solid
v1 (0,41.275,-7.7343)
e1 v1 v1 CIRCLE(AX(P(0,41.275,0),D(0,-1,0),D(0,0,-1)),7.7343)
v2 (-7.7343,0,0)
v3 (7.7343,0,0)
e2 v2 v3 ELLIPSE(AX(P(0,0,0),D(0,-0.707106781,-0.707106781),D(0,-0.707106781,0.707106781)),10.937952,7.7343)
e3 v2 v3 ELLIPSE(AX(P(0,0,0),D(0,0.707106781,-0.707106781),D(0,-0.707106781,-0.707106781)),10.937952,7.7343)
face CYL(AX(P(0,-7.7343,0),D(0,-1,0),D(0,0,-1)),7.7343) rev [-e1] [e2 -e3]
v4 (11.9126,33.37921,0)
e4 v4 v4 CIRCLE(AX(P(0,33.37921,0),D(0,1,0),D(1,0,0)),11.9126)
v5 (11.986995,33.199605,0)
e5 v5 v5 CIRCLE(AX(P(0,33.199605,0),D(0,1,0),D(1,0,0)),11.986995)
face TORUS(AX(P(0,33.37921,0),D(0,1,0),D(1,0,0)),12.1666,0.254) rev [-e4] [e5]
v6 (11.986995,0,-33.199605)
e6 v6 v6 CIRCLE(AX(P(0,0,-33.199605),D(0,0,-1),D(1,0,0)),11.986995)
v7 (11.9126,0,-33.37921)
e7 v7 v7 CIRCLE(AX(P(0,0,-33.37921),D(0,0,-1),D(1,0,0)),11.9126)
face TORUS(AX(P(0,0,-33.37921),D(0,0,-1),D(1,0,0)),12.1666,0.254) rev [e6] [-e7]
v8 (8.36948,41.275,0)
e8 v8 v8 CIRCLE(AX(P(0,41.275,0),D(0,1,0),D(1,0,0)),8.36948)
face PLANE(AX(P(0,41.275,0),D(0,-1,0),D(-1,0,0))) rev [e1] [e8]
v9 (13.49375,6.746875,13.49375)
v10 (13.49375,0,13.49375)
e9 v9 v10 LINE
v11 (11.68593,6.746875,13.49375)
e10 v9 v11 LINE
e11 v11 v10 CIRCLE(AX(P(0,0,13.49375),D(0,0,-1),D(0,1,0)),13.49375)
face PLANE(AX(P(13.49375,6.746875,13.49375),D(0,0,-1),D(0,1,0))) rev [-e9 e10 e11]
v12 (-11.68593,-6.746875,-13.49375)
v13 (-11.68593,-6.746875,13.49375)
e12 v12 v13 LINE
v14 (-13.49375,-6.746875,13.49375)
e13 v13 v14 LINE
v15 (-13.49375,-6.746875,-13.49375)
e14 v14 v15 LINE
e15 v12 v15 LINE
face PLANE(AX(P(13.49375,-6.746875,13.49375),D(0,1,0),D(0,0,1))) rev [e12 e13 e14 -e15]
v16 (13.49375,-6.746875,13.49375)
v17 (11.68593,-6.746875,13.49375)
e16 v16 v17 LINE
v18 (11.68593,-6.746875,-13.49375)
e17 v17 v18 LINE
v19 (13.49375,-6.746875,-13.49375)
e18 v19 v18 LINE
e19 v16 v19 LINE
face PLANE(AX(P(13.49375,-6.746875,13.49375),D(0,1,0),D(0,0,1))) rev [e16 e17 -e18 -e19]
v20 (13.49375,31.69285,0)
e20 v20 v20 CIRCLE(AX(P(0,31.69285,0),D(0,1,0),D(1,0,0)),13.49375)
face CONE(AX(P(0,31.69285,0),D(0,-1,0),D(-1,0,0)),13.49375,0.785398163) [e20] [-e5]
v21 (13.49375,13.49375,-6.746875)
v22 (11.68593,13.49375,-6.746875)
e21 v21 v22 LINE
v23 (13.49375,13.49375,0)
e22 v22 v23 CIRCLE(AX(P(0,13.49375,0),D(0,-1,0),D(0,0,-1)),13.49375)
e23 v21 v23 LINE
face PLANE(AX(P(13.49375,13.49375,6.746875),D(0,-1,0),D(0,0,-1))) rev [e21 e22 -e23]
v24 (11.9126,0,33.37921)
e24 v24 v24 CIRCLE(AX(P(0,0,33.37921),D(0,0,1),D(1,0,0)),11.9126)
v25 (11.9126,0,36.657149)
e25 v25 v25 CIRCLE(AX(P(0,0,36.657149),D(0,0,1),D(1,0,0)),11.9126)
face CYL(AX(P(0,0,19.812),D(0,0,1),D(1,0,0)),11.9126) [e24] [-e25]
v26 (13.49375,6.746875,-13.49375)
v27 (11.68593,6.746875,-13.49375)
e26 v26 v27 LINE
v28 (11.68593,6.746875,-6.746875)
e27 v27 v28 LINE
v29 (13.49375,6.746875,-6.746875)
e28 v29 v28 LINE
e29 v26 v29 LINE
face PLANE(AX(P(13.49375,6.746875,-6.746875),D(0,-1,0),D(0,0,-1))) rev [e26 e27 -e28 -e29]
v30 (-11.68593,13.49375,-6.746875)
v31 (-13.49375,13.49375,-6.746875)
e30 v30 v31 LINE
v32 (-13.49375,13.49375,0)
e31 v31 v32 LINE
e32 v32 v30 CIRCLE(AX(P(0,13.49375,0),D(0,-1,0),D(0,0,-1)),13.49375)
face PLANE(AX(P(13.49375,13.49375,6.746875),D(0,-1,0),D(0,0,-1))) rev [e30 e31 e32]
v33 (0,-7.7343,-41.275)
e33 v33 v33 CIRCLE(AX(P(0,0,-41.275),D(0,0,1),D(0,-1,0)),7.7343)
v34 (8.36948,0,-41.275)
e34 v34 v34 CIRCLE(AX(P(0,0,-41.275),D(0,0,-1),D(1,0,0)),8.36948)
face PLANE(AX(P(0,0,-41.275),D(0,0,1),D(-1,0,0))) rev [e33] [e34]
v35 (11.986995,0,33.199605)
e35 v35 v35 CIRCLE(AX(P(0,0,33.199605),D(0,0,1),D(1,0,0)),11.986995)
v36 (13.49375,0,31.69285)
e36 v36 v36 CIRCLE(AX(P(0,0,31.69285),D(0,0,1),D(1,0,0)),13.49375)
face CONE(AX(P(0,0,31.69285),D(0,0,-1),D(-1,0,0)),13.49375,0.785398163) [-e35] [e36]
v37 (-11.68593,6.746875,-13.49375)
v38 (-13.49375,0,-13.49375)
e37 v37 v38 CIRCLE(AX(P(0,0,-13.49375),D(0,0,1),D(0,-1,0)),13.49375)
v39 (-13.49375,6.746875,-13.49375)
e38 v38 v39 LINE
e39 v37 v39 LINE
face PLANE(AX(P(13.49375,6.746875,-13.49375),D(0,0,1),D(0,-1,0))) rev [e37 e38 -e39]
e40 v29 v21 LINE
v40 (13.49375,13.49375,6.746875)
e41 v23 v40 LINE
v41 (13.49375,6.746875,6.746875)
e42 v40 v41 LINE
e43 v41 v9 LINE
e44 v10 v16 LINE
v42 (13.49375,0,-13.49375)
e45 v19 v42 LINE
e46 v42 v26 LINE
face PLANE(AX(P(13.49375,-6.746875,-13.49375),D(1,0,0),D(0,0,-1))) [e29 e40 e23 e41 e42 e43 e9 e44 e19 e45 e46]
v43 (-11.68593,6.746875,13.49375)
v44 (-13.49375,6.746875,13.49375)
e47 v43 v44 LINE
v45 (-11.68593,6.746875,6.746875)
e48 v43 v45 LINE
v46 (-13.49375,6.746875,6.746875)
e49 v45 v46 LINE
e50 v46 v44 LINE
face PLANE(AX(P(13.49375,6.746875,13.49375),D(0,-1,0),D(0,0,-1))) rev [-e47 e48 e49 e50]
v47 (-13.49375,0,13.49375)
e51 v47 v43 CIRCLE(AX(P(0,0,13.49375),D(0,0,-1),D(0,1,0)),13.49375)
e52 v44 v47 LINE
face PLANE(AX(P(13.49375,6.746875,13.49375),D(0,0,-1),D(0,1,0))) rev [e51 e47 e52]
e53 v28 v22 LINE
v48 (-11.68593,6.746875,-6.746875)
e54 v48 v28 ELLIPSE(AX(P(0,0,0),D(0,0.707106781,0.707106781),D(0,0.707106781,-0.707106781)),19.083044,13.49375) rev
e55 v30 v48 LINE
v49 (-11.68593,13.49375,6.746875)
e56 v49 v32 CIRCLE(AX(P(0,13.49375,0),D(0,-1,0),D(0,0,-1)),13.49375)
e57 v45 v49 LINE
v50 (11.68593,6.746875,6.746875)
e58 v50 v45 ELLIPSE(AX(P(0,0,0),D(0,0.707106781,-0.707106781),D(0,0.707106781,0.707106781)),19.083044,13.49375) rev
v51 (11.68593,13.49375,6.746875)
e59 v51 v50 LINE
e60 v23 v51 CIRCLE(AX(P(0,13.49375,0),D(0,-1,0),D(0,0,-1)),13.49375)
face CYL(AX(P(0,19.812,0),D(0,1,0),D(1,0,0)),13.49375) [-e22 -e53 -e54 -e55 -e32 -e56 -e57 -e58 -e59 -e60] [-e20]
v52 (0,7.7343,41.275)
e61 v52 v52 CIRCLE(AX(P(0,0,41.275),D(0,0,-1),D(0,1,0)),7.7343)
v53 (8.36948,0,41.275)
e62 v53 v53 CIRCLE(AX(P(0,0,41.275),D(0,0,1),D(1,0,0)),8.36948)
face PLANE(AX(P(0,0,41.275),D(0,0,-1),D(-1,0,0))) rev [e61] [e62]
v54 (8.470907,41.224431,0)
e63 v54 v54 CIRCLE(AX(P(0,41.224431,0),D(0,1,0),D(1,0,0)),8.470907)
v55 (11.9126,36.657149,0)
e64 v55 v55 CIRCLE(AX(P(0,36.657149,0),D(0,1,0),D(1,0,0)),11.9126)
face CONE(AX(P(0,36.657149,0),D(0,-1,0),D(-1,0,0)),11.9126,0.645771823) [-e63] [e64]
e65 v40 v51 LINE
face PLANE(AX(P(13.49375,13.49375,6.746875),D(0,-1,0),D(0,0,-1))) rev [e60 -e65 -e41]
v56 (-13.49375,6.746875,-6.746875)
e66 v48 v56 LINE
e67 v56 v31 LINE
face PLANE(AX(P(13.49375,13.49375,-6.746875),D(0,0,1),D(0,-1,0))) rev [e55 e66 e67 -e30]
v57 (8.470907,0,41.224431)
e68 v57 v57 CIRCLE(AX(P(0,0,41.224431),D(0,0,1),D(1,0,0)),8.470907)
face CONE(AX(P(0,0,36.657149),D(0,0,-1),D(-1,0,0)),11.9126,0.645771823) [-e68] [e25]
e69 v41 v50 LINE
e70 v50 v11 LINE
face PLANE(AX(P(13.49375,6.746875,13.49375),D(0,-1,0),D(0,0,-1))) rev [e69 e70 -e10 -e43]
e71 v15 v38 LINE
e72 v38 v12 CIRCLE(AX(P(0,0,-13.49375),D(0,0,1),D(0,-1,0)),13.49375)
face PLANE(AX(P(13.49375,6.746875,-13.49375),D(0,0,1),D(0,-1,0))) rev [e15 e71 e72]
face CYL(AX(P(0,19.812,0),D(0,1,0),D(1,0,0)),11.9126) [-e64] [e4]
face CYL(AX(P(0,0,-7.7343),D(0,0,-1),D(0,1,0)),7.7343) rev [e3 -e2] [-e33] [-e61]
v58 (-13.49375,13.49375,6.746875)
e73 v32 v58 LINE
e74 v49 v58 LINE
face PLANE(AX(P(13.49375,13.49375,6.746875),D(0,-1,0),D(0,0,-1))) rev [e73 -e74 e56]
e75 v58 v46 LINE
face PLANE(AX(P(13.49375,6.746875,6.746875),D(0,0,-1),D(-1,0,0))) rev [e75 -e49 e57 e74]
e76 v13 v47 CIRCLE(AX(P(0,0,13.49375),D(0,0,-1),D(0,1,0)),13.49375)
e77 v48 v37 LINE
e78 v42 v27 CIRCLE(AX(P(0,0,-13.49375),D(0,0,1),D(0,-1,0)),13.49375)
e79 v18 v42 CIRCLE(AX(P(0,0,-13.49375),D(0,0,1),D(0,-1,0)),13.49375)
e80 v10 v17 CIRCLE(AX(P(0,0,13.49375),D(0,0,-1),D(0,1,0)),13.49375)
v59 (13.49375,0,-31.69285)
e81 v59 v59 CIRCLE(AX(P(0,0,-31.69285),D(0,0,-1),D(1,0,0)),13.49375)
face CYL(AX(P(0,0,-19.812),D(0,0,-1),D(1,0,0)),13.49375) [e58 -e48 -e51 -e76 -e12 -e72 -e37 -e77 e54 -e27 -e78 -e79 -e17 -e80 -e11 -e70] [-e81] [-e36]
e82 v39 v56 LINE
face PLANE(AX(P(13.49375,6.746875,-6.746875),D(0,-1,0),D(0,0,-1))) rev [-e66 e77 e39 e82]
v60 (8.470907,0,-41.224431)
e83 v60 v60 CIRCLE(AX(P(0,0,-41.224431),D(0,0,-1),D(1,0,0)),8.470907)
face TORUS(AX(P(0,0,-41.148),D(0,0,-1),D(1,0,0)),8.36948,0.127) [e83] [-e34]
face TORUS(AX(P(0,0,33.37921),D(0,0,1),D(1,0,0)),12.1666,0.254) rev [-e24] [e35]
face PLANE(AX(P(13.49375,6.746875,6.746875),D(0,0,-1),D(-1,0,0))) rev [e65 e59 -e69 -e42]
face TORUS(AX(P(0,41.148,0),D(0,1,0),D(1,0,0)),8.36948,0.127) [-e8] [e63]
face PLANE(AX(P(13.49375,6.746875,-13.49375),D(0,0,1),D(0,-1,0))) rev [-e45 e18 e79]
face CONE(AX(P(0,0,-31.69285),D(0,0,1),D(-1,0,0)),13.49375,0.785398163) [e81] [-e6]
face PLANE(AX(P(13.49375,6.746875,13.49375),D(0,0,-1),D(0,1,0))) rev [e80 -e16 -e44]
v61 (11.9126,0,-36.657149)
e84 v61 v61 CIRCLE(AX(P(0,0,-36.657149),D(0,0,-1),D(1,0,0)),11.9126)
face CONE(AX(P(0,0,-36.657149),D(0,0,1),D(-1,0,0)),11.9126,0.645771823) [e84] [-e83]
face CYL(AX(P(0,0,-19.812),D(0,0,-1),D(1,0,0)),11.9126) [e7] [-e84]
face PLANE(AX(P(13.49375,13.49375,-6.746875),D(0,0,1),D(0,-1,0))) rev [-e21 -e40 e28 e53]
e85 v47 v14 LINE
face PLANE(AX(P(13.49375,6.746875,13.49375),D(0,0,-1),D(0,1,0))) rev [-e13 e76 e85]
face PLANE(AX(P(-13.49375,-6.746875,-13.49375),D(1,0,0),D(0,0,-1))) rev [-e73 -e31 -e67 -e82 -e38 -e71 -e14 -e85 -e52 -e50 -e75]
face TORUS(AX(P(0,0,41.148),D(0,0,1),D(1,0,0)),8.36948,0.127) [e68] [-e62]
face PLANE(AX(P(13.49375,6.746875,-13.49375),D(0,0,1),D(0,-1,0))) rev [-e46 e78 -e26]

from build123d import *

# Parameters (mm, degrees)
SKETCH4_W           = 19.3294
SKETCH4_H           = 13.49375
CIRPATTERN1_COUNT   = 3
CIRPATTERN1_ANGLE   = 180
BOSS_EXTRUDE1_DEPTH = 13.49375
CIRPATTERN2_COUNT   = 3
CIRPATTERN2_ANGLE   = 180


with BuildPart() as part:
    # Sketch1 → Revolve1 (revolve)
    with BuildSketch(Plane(origin=(0, 0, 0), x_dir=(0, 0, -1), z_dir=(1, 0, 0))):
        with BuildLine():
            Line((-41.275, 0), (-19.3294, 0))
            Line((-19.3294, 0), (-19.3294, 12.0015))
            Line((-19.3294, 12.0015), (-19.3294, 13.49375))
            Line((-19.3294, 13.49375), (-23.99665, 13.49375))
            Line((-23.99665, 13.49375), (-31.69285, 13.49375))
            Line((-31.69285, 13.49375), (-33.199605122, 11.986994878))
            ThreePointArc((-33.199605122, 11.986994878), (-33.282008653, 11.931934599), (-33.379210245, 11.9126))
            Line((-33.379210245, 11.9126), (-36.65714943, 11.9126))
            Line((-36.65714943, 11.9126), (-41.224430508, 8.470906846))
            ThreePointArc((-41.224430508, 8.470906846), (-41.261656664, 8.426147258), (-41.275, 8.369480136))
            Line((-41.275, 8.369480136), (-41.275, 0))
        make_face()
    revolve(axis=Axis((0, 0, 19.812), (0, 0, -1)))

    # Sketch4 → Revolve2 (revolve)
    with BuildSketch(Plane(origin=(0, 0, 0), x_dir=(0, 0, -1), z_dir=(1, 0, 0))):
        with Locations((-9.6647, 6.746875)):
            Rectangle(SKETCH4_W, SKETCH4_H)
    revolve(axis=Axis((0, 0, 0), (0, 0, 1)))


with BuildPart() as cirpattern1_1:
    # CirPattern1: pattern copy
    add(part.part.rotate(Axis((-10.773895932, 0, 0), (-1, 0, 0)), 1 * CIRPATTERN1_ANGLE / (CIRPATTERN1_COUNT - 1)))


with BuildPart() as cirpattern1_2:
    # CirPattern1: pattern copy
    add(part.part.rotate(Axis((-10.773895932, 0, 0), (-1, 0, 0)), 2 * CIRPATTERN1_ANGLE / (CIRPATTERN1_COUNT - 1)))


with BuildPart() as cirpattern1_1_1:
    add(cirpattern1_1.part)

    # Combine1: union CirPattern1_2, part
    add(cirpattern1_2.part)
    add(part.part)

    # Sketch5 → Boss-Extrude1 (add, symmetric)
    with BuildSketch(Plane(origin=(0, 0, 0), x_dir=(0, 0, -1), z_dir=(1, 0, 0))):
        Polygon((-6.746875, 13.49375), (6.746875, 13.49375), (6.746875, 6.746875), (13.49375, 6.746875), (13.49375, -6.746875), (-13.49375, -6.746875), (-13.49375, 6.746875), (-6.746875, 6.746875), align=None)
    extrude(amount=BOSS_EXTRUDE1_DEPTH, both=True)

    # Sketch6 → Cut-Revolve1 (revolve, cut)
    with BuildSketch(Plane(origin=(0, 0, 0), x_dir=(0, 0, -1), z_dir=(1, 0, 0))):
        with BuildLine():
            Line((-41.275, 7.7343), (0, 7.7343))
            ThreePointArc((0, 7.7343), (5.468975978, 5.468975978), (7.7343, 0))
            Line((7.7343, 0), (-41.275, 0))
            Line((-41.275, 0), (-41.275, 7.7343))
        make_face()
    cut_revolve1 = revolve(axis=Axis((0, 0, -7.7343), (0, 0, 1)), mode=Mode.SUBTRACT)

    # CirPattern2: Cut-Revolve1 ×3 about axis
    cirpattern2_axis = Axis((-10.773895932, 0, 0), (-1, 0, 0))
    for i in range(1, CIRPATTERN2_COUNT):
        add(cut_revolve1.rotate(cirpattern2_axis, i * CIRPATTERN2_ANGLE / (CIRPATTERN2_COUNT - 1)), mode=Mode.SUBTRACT)


solid = cirpattern1_1_1.part
